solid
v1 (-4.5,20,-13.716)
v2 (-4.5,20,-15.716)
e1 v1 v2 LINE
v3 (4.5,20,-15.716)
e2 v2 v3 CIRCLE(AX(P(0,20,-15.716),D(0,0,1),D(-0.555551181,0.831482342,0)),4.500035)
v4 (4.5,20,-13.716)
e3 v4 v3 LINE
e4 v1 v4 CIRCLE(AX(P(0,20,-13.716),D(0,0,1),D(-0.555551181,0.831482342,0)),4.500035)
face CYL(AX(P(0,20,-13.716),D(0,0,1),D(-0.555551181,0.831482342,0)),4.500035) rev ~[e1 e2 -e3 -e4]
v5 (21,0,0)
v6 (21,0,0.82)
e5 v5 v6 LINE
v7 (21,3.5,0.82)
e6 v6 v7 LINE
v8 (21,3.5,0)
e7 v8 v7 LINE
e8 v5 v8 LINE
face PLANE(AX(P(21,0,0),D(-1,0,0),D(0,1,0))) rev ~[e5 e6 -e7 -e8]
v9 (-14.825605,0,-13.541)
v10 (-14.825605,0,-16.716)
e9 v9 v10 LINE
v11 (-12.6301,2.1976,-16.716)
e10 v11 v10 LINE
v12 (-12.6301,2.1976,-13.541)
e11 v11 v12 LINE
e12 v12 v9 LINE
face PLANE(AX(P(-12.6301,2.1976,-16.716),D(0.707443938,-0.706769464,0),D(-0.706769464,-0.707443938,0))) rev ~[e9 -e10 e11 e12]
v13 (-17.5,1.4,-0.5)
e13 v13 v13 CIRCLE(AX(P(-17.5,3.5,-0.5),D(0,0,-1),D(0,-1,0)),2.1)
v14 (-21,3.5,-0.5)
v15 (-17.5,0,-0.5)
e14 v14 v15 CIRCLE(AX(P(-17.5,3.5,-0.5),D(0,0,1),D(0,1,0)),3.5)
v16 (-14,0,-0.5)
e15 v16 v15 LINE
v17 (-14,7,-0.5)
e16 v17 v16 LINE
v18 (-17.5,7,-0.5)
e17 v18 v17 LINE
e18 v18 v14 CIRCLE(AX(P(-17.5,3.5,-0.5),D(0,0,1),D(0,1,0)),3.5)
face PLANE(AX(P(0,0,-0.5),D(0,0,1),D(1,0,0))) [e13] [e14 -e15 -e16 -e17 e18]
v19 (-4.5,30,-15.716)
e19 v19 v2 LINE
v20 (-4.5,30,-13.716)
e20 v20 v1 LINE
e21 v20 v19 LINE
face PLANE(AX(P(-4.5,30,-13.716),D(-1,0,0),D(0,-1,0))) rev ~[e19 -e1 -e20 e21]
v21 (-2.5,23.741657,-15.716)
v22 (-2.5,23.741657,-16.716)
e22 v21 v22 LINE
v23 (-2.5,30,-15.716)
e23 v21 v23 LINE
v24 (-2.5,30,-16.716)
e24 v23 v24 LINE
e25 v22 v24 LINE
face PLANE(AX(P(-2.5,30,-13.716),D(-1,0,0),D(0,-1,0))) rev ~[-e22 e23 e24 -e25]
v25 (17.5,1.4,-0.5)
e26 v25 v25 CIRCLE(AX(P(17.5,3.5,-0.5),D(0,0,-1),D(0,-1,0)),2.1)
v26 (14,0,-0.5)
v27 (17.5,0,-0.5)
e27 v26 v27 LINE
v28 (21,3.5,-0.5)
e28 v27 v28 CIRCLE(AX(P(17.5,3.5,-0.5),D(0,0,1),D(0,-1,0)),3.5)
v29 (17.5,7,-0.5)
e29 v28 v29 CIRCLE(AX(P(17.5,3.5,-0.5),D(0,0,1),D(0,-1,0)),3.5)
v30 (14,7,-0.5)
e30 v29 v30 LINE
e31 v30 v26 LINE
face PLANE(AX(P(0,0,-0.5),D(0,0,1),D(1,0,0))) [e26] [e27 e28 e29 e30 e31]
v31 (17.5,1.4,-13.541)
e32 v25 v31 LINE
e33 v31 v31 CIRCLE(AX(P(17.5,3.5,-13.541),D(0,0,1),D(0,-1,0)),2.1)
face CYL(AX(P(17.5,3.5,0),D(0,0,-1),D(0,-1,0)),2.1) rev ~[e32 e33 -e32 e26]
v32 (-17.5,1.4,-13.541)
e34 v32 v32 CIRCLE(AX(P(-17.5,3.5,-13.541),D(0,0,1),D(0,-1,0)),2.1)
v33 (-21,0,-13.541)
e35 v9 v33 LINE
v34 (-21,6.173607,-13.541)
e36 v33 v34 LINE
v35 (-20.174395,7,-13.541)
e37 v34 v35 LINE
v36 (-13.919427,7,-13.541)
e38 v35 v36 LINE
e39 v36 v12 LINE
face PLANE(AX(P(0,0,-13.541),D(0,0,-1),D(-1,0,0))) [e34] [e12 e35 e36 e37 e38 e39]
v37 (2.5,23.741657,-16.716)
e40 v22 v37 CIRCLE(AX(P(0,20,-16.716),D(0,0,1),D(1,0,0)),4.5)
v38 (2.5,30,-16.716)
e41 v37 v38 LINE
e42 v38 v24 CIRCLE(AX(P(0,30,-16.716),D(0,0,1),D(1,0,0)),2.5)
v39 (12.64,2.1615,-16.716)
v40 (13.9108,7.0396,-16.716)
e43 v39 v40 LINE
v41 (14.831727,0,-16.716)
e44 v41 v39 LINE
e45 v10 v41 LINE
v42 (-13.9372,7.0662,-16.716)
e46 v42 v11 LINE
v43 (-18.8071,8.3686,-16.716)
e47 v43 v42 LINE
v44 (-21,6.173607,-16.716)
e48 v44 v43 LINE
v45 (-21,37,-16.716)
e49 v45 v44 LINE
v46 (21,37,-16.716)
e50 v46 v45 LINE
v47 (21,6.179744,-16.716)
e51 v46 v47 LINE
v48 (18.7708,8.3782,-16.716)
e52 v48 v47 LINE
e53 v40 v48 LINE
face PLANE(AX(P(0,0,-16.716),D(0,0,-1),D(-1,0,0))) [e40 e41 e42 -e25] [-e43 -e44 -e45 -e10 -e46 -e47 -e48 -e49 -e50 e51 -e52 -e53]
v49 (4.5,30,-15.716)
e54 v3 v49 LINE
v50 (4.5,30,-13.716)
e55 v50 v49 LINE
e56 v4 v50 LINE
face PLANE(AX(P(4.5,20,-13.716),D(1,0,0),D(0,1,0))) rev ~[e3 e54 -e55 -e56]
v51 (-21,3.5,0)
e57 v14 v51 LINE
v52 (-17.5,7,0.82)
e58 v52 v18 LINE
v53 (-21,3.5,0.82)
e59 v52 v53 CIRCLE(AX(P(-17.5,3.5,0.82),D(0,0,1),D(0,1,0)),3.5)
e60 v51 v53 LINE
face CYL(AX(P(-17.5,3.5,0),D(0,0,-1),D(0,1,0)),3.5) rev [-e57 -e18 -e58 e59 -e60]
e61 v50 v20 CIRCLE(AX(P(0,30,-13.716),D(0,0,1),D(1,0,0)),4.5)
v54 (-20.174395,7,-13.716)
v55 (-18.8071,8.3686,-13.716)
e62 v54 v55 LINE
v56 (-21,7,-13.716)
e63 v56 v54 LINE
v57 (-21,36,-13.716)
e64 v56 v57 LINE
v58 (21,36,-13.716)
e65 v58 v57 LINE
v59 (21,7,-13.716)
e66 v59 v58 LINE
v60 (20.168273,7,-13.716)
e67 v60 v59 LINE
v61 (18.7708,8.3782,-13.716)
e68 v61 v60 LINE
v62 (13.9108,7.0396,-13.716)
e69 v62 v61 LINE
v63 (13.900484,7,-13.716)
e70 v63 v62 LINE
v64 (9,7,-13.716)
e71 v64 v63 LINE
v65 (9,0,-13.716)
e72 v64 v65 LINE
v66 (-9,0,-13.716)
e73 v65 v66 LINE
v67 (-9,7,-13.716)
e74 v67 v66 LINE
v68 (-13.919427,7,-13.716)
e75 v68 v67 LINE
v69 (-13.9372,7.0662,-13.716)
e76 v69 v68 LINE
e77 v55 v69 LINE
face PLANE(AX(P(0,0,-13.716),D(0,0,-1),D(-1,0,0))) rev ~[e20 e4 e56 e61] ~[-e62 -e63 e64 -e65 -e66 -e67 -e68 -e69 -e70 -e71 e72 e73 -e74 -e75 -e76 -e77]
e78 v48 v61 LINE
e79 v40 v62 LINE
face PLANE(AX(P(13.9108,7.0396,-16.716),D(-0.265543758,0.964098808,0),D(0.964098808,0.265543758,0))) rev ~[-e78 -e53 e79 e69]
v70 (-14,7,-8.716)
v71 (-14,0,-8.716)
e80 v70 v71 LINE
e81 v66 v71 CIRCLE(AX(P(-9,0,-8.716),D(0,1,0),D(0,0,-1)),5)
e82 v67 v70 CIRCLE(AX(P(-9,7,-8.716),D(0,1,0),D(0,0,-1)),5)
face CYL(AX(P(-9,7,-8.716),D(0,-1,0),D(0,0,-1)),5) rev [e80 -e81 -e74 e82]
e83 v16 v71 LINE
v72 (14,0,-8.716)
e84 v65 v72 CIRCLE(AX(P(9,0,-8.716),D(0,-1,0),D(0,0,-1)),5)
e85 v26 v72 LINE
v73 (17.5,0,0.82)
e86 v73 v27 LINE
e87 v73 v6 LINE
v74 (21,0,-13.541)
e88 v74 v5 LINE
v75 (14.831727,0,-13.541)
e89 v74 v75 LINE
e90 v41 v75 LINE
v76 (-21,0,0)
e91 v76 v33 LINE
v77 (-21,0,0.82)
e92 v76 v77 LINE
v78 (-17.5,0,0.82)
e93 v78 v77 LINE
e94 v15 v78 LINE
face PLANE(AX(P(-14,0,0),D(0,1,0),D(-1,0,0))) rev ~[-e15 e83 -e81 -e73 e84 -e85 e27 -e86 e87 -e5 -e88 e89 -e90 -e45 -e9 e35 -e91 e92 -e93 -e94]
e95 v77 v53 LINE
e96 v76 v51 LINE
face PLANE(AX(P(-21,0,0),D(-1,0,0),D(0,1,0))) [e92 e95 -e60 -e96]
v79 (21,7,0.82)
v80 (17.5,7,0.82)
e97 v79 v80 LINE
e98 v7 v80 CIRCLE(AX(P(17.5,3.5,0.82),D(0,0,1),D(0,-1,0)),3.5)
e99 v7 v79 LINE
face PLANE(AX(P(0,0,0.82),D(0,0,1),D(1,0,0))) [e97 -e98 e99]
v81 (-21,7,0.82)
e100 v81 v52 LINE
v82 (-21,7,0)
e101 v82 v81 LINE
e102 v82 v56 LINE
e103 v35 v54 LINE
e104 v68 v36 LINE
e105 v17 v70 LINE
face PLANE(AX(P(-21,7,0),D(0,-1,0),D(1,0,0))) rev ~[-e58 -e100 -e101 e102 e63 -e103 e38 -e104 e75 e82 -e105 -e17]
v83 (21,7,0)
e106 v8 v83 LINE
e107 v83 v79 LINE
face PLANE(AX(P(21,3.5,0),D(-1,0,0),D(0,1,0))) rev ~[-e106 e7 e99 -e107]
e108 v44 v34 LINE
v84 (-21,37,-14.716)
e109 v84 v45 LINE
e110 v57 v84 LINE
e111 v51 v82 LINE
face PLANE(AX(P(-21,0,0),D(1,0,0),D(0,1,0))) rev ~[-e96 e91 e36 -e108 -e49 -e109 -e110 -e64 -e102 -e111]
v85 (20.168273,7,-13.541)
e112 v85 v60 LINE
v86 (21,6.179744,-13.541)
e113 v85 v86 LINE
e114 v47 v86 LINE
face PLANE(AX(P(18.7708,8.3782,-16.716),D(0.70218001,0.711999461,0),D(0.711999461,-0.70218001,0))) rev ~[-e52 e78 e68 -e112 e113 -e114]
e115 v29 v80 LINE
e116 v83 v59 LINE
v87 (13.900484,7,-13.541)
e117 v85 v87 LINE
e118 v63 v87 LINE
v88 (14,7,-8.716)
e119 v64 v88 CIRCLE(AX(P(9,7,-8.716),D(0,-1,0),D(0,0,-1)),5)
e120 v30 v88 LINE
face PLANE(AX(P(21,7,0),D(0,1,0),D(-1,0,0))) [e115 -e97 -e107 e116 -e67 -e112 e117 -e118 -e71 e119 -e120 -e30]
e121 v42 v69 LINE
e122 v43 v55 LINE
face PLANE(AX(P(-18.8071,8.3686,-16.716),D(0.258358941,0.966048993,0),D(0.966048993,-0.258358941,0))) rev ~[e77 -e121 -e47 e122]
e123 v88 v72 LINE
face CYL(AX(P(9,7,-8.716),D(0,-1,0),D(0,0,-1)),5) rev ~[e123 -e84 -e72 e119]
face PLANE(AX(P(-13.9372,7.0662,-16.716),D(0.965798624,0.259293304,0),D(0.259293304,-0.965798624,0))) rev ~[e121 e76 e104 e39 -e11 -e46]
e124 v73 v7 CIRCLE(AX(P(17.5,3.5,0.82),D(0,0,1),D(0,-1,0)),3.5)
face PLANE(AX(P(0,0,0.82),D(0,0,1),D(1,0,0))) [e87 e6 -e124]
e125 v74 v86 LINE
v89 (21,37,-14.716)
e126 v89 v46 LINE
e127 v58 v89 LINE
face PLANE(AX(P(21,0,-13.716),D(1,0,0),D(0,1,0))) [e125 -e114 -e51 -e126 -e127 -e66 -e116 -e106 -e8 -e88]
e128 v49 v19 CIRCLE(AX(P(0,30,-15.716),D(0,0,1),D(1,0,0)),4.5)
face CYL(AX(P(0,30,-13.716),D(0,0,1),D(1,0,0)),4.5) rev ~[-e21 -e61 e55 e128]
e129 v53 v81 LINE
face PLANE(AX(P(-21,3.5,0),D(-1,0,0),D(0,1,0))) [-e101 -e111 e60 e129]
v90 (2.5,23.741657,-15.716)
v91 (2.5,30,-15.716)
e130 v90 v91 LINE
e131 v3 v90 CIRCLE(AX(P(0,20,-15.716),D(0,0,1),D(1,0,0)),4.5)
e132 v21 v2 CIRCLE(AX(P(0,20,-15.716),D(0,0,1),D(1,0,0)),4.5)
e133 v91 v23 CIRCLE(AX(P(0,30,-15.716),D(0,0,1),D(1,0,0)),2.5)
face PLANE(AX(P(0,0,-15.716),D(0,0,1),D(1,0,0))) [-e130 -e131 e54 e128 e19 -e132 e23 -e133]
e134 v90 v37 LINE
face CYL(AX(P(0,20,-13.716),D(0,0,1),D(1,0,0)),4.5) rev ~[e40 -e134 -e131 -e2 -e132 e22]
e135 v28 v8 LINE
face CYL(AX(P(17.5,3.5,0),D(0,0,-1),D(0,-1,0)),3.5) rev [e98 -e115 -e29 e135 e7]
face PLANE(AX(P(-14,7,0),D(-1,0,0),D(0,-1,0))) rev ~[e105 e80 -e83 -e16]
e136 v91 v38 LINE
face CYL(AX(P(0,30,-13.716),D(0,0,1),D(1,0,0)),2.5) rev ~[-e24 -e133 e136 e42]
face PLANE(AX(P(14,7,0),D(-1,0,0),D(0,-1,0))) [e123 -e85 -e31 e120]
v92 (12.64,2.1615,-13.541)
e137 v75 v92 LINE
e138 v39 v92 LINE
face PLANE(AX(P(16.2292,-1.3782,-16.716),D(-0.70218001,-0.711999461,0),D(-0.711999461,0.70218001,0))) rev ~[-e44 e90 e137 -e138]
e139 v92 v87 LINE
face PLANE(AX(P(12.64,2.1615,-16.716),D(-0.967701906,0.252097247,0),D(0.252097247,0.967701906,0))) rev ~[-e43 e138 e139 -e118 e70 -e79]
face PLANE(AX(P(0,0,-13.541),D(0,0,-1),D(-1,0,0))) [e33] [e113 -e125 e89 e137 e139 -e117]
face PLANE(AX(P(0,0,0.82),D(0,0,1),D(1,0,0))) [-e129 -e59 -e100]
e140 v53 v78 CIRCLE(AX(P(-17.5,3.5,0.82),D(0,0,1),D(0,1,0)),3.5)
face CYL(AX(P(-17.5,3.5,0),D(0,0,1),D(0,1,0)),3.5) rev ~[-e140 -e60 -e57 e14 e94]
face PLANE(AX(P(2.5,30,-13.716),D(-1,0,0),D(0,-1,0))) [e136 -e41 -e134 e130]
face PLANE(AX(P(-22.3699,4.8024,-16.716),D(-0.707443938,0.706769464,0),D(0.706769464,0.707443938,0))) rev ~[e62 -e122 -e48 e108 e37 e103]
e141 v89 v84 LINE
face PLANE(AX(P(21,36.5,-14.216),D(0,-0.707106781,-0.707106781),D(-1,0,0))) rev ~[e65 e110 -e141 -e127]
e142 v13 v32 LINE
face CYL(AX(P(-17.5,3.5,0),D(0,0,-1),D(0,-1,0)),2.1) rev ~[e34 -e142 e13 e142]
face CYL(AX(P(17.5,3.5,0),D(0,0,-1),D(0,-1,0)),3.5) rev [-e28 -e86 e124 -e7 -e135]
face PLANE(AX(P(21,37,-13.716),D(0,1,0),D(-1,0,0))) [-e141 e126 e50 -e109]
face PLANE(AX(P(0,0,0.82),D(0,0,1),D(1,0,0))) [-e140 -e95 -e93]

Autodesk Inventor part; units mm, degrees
ref_plane "YZ Plane" through (0, 0, 0) normal (1, 0, 0) x (0, 1, 0)
ref_plane "XZ Plane" through (0, 0, 0) normal (0, 1, 0) x (-1, 0, 0)
sketch "Sketch1" plane through (0, 0, 0) normal (0, 0, 1) x (1, 0, 0)
  line L0 (-14, 0) -> (-21, 0)
  line L1 (-21, 0) -> (-21, 7)
  line L2 (-21, 7) -> (-14, 7)
  line L3 (-14, 7) -> (-14, 0)
  line L4 (14, 0) -> (21, 0)
  line L5 (21, 0) -> (21, 7)
  line L6 (21, 7) -> (14, 7)
  line L7 (14, 7) -> (14, 0)
  point P0 (0, 0)
  dimension "d0" = 7
  dimension "d2" = 7
  dimension "d3" = 42
  dimension "d4" = 7
  dimension "d5" = 7
  dimension "d6" = 14
extrude "Extrusion1" add sketch "Sketch1" against normal blind 13.716
sketch "Sketch2" plane through (0, 0, -13.716) normal (0, 0, -1) x (-1, 0, 0)
  line L0 (14, 0) -> (21, 0) projected
  line L1 (21, 0) -> (21, 7) projected
  line L2 (21, 7) -> (14, 7) projected
  line L3 (14, 7) -> (14, 0) projected
  line L4 (21, 0) -> (-21, 0)
  line L5 (-21, 0) -> (-21, 37)
  line L6 (-21, 37) -> (21, 37)
  line L7 (21, 37) -> (21, 0)
  line L8 (-14, 7) -> (-21, 7) projected
  point P0 (0, 0)
  dimension "d44" = 30
extrude "Extrusion2" add sketch "Sketch2" along normal blind 3
chamfer "Chamfer1" distance 1 angle 45 1 edges at (0, 37, -13.716)
sketch "Sketch3" plane through (0, 0, -13.716) normal (0, 0, 1) x (1, 0, 0)
  line L0 (-21, 36) -> (21, 36) projected
  line L1 (14, 0) -> (-14, 0) projected
  line L2 (0, 0) -> (0, 36)
  circle A0 centre (0, 20) radius 4.5
  circle A1 centre (0, 30) radius 2.5
  line L3 (-2.5, 30) -> (-2.5, 16.2583)
  line L4 (2.5, 30) -> (2.5, 16.2583)
  dimension "d16" = 9
  dimension "d18" = 5
  dimension "d19" = 20
  dimension "d45" = 10
extrude "Extrusion3" cut sketch "Sketch3" against normal through all
sketch "Sketch4" plane through (0, 0, -13.716) normal (0, 0, 1) x (1, 0, 0)
  arc A0 (-2.5, 23.7417) -> (2.5, 23.7417) centre (0, 20) ccw projected
  line L0 (-2.5, 23.7417) -> (-2.5, 30) projected
  arc A1 (2.5, 30) -> (-2.5, 30) centre (0, 30) ccw projected
  line L1 (2.5, 30) -> (2.5, 23.7417) projected
  line L2 (21, 36) -> (21, 7) projected
  circle A2 centre (0, 30) radius 4.5
  line L3 (-4.5, 30) -> (-4.5, 20)
  line L4 (4.5, 20) -> (4.5, 30)
  point P0 (0, 0)
  dimension "d23" = 9
extrude "Extrusion4" cut sketch "Sketch4" against normal blind 2
sketch "Sketch5" plane through (0, 0, 0) normal (0, 0, 1) x (1, 0, 0)
  line L0 (-14, 7) -> (-14, 0) projected
  line L1 (-21, 0) -> (-21, 7) projected
  line L2 (14, 0) -> (21, 0) projected
  line L3 (21, 0) -> (21, 7) projected
  line L4 (21, 7) -> (14, 7) projected
  line L5 (14, 7) -> (14, 0) projected
  line L6 (-21, 3.5) -> (-14, 3.5)
  line L7 (14, 3.5) -> (21, 3.5)
  point P0 (0, 0)
  point P1 (-17.5, 3.5)
  point P2 (17.5, 3.5)
  dimension "d26" = 35
  dimension "d28" = 3.5
  dimension "d29" = 3.5
hole "Hole1" at (-17.5, 3.5, 0) at (17.5, 3.5, 0) direction (0, 0, -1) diameter 4.2 end through all
fillet "Fillet1" radius 5 2 edges at (-14, 3.5, -13.716) (14, 3.5, -13.716)
sketch "Sketch6" plane through (0, 0, 0) normal (0, 0, 1) x (1, 0, 0)
  circle A0 centre (-17.5, 3.5) radius 2.1 projected
  line L0 (-14, 0) -> (-21, 0) projected
  line L1 (-14, 7) -> (-14, 0) projected
  line L2 (-21, 7) -> (-14, 7) projected
  line L3 (-21, 0) -> (-21, 7) projected
  circle A1 centre (17.5, 3.5) radius 2.1 projected
  line L4 (14, 0) -> (21, 0) projected
  line L5 (21, 0) -> (21, 7) projected
  line L6 (21, 7) -> (14, 7) projected
  line L7 (14, 7) -> (14, 0) projected
  arc A2 (-17.5, 7) -> (-17.5, 0) centre (-17.5, 3.5) ccw
  arc A3 (17.5, 0) -> (17.5, 7) centre (17.5, 3.5) ccw
  line L8 (17.5, 7) -> (21, 7)
  line L9 (21, 7) -> (21, 0)
  line L10 (21, 0) -> (17.5, 0)
  line L11 (-17.5, 0) -> (-21, 0)
  line L12 (-21, 0) -> (-21, 7)
  line L13 (-17.5, 7) -> (-21, 7)
  point P0 (0, 0)
ref_plane "Work Plane1" through (-21, 0, 0.82) normal (0, 0, -1) x (0, 1, 0)
extrude "Extrusion5" add sketch "Sketch6" along normal up to surface (0.82 mm away) contours L0 L3 A2 | L3 L2 A2 | A3 L5 L4 | A3 L6 L5
sketch "Sketch7" plane through (0, 0, 0) normal (0, 0, 1) x (1, 0, 0)
  arc A0 (-21, 3.5) -> (-17.5, 0) centre (-17.5, 3.5) ccw projected
  line L0 (-14, 0) -> (-17.5, 0) projected
  line L1 (-14, 7) -> (-14, 0) projected
  line L2 (-17.5, 7) -> (-14, 7) projected
  arc A1 (-17.5, 7) -> (-21, 3.5) centre (-17.5, 3.5) ccw projected
  circle A2 centre (-17.5, 3.5) radius 2.1 projected
  circle A3 centre (17.5, 3.5) radius 2.1 projected
  arc A4 (17.5, 0) -> (21, 3.5) centre (17.5, 3.5) ccw projected
  arc A5 (21, 3.5) -> (17.5, 7) centre (17.5, 3.5) ccw projected
  line L3 (17.5, 7) -> (14, 7) projected
  line L4 (14, 7) -> (14, 0) projected
  line L5 (14, 0) -> (17.5, 0) projected
  point P0 (0, 0)
extrude "Extrusion6" cut sketch "Sketch7" against normal blind 0.5
sketch "Sketch8" plane through (0, 0, -16.716) normal (0, 0, -1) x (-1, 0, 0)
  circle A0 centre (17.5, 3.5) radius 2.1 projected
  circle A1 centre (-17.5, 3.5) radius 2.1 projected
  line L0 (-12.64, 2.1615) -> (-13.9108, 7.0396) projected
  line L1 (-16.2292, -1.3782) -> (-12.64, 2.1615) projected
  line L2 (-21.0892, -0.0396) -> (-16.2292, -1.3782) projected
  line L3 (-22.36, 4.8385) -> (-21.0892, -0.0396) projected
  line L4 (-18.7708, 8.3782) -> (-22.36, 4.8385) projected
  line L5 (-13.9108, 7.0396) -> (-18.7708, 8.3782) projected
  circle A2 centre (-17.5, 3.5) radius 1.6532 projected
  line L6 (21.0628, -0.0662) -> (22.3699, 4.8024) projected
  line L7 (16.1929, -1.3686) -> (21.0628, -0.0662) projected
  line L8 (12.6301, 2.1976) -> (16.1929, -1.3686) projected
  line L9 (13.9372, 7.0662) -> (12.6301, 2.1976) projected
  line L10 (18.8071, 8.3686) -> (13.9372, 7.0662) projected
  line L11 (22.3699, 4.8024) -> (18.8071, 8.3686) projected
  circle A3 centre (17.5, 3.5) radius 1.6532 projected
  point P0 (0, 0)
extrude "Extrusion7" cut sketch "Sketch8" against normal blind 3.175 contours L1 L2 L3 L4 L5 L0 | L7 L8 L9 L10 L11 L6
equation "\"d7\" = StretcherDepth"
equation "\"d28\" = d29"
equation "\"StretcherDepth\" = 13.716"
properties part number "MotorClipV4" material "ABS Plastic"
